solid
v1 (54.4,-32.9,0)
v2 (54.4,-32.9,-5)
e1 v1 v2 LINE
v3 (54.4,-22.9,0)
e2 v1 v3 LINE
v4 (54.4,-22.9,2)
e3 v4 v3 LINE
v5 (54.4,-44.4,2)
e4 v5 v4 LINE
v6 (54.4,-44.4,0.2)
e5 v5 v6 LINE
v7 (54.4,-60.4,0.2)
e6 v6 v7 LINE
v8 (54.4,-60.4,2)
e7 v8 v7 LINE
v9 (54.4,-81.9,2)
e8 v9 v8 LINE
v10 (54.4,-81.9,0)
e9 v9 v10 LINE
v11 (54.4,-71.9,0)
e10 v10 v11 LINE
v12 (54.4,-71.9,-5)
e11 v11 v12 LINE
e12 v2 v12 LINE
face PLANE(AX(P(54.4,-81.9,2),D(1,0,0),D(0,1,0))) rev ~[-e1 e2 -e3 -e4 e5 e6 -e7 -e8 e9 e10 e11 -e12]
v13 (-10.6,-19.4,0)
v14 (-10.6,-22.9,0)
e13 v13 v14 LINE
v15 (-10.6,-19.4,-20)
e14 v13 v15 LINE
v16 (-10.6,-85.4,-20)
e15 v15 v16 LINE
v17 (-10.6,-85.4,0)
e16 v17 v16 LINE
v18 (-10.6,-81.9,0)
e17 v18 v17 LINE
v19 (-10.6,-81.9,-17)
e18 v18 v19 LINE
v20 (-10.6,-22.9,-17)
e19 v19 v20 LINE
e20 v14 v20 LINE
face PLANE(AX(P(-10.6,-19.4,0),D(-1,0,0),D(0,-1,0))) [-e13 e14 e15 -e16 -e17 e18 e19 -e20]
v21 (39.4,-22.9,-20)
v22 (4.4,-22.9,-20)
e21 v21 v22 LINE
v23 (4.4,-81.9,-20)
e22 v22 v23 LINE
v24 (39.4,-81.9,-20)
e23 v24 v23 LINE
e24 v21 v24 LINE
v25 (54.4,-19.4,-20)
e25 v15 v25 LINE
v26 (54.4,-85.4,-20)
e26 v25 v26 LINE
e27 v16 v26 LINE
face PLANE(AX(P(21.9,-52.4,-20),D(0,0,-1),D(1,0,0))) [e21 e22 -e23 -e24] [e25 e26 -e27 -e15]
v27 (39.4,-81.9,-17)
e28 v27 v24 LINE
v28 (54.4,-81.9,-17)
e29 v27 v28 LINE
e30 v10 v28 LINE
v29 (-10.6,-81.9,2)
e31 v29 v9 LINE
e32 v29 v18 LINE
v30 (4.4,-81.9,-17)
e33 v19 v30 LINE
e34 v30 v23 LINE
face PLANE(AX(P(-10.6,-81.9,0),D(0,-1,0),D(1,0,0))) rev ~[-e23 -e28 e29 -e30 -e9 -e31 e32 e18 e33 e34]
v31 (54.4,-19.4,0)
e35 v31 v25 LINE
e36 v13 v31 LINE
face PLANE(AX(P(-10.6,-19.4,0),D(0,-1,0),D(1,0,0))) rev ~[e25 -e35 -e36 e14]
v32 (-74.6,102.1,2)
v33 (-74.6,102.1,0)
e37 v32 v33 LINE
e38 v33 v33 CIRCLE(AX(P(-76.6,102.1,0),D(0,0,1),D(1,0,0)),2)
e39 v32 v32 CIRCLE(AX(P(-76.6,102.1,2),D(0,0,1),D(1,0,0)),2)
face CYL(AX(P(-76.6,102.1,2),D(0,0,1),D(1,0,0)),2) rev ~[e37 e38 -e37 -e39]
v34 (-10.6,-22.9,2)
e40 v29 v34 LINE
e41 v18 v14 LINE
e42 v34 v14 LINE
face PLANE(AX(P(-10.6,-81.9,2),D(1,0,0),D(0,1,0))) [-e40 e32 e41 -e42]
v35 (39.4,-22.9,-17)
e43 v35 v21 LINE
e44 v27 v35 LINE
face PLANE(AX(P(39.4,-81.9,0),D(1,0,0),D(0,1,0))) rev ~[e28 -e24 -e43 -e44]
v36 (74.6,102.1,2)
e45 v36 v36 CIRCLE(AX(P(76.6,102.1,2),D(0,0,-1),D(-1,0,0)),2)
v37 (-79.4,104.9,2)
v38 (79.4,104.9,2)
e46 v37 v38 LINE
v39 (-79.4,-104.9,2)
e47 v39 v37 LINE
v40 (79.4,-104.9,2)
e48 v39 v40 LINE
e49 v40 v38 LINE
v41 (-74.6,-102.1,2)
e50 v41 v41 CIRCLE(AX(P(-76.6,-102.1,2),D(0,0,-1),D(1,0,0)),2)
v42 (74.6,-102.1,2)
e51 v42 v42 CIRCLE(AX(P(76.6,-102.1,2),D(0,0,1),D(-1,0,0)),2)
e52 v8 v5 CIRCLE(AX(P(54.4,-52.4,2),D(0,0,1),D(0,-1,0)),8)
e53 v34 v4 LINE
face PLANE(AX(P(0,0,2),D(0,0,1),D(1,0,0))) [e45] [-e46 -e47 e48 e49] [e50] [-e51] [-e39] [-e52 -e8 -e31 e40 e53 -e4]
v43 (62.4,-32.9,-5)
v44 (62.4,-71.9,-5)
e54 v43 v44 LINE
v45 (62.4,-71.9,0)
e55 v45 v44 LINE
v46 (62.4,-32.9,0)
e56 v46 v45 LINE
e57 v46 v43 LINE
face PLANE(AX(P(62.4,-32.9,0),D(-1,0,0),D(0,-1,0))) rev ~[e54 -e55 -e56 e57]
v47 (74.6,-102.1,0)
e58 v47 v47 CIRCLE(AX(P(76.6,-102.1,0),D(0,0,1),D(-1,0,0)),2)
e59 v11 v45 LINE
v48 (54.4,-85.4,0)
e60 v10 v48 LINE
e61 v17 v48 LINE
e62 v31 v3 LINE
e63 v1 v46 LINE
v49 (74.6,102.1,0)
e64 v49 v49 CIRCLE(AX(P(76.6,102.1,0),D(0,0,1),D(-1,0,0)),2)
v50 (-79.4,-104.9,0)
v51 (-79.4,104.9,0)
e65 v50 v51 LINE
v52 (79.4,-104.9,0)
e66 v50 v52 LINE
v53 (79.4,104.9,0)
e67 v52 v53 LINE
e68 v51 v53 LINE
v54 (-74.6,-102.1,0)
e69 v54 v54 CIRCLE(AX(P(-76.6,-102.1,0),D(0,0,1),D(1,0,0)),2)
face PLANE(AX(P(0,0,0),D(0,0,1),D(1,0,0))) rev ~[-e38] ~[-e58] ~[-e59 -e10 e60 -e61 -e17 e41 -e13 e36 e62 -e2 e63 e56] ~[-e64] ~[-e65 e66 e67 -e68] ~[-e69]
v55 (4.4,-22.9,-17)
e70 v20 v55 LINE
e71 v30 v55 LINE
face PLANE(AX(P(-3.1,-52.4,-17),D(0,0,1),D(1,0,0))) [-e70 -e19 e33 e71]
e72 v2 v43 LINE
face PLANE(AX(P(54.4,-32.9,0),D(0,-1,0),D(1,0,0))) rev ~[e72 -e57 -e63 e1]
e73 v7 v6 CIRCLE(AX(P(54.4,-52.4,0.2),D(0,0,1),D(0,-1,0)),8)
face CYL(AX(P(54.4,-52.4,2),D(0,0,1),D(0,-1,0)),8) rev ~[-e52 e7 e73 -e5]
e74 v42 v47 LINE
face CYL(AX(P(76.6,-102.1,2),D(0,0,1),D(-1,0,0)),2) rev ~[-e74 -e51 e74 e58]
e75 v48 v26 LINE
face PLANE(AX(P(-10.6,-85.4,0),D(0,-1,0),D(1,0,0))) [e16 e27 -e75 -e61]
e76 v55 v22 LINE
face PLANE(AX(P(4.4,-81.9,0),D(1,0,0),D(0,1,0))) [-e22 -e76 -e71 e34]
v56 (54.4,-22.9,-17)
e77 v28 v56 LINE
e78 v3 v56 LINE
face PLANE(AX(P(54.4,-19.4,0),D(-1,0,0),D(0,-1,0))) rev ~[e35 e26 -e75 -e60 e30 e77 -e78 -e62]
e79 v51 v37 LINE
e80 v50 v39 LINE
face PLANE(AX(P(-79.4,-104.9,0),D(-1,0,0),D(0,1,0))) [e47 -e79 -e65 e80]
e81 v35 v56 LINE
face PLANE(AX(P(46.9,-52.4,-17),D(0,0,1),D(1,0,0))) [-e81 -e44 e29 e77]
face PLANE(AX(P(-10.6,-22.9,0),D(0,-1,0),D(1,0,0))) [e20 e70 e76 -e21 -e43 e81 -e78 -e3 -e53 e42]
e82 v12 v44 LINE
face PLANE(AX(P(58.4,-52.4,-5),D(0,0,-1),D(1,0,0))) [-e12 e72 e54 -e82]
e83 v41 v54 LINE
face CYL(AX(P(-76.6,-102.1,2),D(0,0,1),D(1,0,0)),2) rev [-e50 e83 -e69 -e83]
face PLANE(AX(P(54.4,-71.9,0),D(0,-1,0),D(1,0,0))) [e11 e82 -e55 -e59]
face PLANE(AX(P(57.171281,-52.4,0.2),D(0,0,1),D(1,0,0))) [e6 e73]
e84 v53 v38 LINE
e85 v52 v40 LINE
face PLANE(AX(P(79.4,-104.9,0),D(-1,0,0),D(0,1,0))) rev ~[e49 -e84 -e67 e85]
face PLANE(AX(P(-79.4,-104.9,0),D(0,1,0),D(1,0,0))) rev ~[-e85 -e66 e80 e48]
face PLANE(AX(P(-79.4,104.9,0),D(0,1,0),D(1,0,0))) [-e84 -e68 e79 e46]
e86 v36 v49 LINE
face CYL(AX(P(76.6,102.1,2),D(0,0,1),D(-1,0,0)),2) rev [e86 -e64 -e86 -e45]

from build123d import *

# Parameters (mm, degrees)
SKETCH_W                = 158.8
SKETCH_H                = 209.8
PAD_DEPTH               = 2
SKETCH001_R             = 2
POCKET_DEPTH            = 528.261316
SKETCH001_MIRRORED_2_R  = 2
POCKET_MIRRORED_2_DEPTH = 528.261316
SKETCH002_W             = 65
SKETCH002_H             = 59
POCKET001_DEPTH         = 2.001
SKETCH003_W             = 65
SKETCH003_H             = 66
PAD001_DEPTH            = 20
POCKET002_DEPTH         = 1.8
SKETCH005_W             = 15
SKETCH005_H             = 59
POCKET003_DEPTH         = 17
SKETCH006_W             = 35
SKETCH006_H             = 59
POCKET004_DEPTH         = 20.001
SKETCH007_W             = 8
SKETCH007_H             = 39
PAD002_DEPTH            = 5


with BuildPart() as part:
    # Sketch → Pad (new body)
    with BuildSketch(Plane.XY):
        Rectangle(SKETCH_W, SKETCH_H)
    extrude(amount=PAD_DEPTH)

    # Sketch001 (on Face6 of Pad) → Pocket (cut, through all)
    with BuildSketch(Plane.XY.offset(2)):
        with Locations((-76.6, 102.1)):
            Circle(SKETCH001_R)
    pocket = extrude(amount=-POCKET_DEPTH, mode=Mode.SUBTRACT)

    # Sketch001 Mirrored 2 → Pocket Mirrored 2 (cut, through all)
    with BuildSketch(Plane(origin=(0, 0, 2), x_dir=(-1, 0, 0), z_dir=(0, 0, -1))):
        with Locations((-76.6, 102.1)):
            Circle(SKETCH001_MIRRORED_2_R)
    pocket_mirrored_2 = extrude(amount=POCKET_MIRRORED_2_DEPTH, mode=Mode.SUBTRACT)

    # Mirrored001: Pocket, Pocket Mirrored 2 across Sketch001 H_Axis
    add(pocket.mirror(Plane(origin=(0, 0, 2), x_dir=(0, 0, 1), z_dir=(0, 1, 0))), mode=Mode.SUBTRACT)
    add(pocket_mirrored_2.mirror(Plane(origin=(0, 0, 2), x_dir=(0, 0, 1), z_dir=(0, 1, 0))), mode=Mode.SUBTRACT)

    # Sketch002 (on Face5 of MultiTransform) → Pocket001 (cut, through all)
    with BuildSketch(Plane.XY.offset(2)):
        with Locations((21.9, -52.4)):
            Rectangle(SKETCH002_W, SKETCH002_H)
    extrude(amount=-POCKET001_DEPTH, mode=Mode.SUBTRACT)

    # Sketch003 (on Face4 of Pocket001) → Pad001 (join)
    with BuildSketch(Plane(origin=(0, 0, 0), x_dir=(1, 0, 0), z_dir=(0, 0, -1))):
        with Locations((21.9, 52.4)):
            Rectangle(SKETCH003_W, SKETCH003_H)
    extrude(amount=PAD001_DEPTH)

    # Sketch004 (on Face5 of Pad001) → Pocket002 (cut)
    with BuildSketch(Plane.XY.offset(2)):
        with BuildLine():
            ThreePointArc((54.4, -60.4), (62.4, -52.4), (54.4, -44.4))
            Line((54.4, -44.4), (54.4, -60.4))
        make_face()
    extrude(amount=-POCKET002_DEPTH, mode=Mode.SUBTRACT)

    # Sketch005 (on Face21 of Pocket002) → Pocket003 (cut)
    with BuildSketch(Plane.XY):
        with Locations((-3.1, -52.4)):
            Rectangle(SKETCH005_W, SKETCH005_H)
        with Locations((46.9, -52.4)):
            Rectangle(SKETCH005_W, SKETCH005_H)
    extrude(amount=-POCKET003_DEPTH, mode=Mode.SUBTRACT)

    # Sketch006 (on Face28 of Pocket003) → Pocket004 (cut, through all)
    with BuildSketch(Plane.XY):
        with Locations((21.9, -52.4)):
            Rectangle(SKETCH006_W, SKETCH006_H)
    extrude(amount=-POCKET004_DEPTH, mode=Mode.SUBTRACT)

    # Sketch007 (on Face4 of Pocket004) → Pad002 (join)
    with BuildSketch(Plane(origin=(0, 0, 0), x_dir=(1, 0, 0), z_dir=(0, 0, -1))):
        with Locations((58.4, 52.4)):
            Rectangle(SKETCH007_W, SKETCH007_H)
    extrude(amount=PAD002_DEPTH)


solid = part.part
